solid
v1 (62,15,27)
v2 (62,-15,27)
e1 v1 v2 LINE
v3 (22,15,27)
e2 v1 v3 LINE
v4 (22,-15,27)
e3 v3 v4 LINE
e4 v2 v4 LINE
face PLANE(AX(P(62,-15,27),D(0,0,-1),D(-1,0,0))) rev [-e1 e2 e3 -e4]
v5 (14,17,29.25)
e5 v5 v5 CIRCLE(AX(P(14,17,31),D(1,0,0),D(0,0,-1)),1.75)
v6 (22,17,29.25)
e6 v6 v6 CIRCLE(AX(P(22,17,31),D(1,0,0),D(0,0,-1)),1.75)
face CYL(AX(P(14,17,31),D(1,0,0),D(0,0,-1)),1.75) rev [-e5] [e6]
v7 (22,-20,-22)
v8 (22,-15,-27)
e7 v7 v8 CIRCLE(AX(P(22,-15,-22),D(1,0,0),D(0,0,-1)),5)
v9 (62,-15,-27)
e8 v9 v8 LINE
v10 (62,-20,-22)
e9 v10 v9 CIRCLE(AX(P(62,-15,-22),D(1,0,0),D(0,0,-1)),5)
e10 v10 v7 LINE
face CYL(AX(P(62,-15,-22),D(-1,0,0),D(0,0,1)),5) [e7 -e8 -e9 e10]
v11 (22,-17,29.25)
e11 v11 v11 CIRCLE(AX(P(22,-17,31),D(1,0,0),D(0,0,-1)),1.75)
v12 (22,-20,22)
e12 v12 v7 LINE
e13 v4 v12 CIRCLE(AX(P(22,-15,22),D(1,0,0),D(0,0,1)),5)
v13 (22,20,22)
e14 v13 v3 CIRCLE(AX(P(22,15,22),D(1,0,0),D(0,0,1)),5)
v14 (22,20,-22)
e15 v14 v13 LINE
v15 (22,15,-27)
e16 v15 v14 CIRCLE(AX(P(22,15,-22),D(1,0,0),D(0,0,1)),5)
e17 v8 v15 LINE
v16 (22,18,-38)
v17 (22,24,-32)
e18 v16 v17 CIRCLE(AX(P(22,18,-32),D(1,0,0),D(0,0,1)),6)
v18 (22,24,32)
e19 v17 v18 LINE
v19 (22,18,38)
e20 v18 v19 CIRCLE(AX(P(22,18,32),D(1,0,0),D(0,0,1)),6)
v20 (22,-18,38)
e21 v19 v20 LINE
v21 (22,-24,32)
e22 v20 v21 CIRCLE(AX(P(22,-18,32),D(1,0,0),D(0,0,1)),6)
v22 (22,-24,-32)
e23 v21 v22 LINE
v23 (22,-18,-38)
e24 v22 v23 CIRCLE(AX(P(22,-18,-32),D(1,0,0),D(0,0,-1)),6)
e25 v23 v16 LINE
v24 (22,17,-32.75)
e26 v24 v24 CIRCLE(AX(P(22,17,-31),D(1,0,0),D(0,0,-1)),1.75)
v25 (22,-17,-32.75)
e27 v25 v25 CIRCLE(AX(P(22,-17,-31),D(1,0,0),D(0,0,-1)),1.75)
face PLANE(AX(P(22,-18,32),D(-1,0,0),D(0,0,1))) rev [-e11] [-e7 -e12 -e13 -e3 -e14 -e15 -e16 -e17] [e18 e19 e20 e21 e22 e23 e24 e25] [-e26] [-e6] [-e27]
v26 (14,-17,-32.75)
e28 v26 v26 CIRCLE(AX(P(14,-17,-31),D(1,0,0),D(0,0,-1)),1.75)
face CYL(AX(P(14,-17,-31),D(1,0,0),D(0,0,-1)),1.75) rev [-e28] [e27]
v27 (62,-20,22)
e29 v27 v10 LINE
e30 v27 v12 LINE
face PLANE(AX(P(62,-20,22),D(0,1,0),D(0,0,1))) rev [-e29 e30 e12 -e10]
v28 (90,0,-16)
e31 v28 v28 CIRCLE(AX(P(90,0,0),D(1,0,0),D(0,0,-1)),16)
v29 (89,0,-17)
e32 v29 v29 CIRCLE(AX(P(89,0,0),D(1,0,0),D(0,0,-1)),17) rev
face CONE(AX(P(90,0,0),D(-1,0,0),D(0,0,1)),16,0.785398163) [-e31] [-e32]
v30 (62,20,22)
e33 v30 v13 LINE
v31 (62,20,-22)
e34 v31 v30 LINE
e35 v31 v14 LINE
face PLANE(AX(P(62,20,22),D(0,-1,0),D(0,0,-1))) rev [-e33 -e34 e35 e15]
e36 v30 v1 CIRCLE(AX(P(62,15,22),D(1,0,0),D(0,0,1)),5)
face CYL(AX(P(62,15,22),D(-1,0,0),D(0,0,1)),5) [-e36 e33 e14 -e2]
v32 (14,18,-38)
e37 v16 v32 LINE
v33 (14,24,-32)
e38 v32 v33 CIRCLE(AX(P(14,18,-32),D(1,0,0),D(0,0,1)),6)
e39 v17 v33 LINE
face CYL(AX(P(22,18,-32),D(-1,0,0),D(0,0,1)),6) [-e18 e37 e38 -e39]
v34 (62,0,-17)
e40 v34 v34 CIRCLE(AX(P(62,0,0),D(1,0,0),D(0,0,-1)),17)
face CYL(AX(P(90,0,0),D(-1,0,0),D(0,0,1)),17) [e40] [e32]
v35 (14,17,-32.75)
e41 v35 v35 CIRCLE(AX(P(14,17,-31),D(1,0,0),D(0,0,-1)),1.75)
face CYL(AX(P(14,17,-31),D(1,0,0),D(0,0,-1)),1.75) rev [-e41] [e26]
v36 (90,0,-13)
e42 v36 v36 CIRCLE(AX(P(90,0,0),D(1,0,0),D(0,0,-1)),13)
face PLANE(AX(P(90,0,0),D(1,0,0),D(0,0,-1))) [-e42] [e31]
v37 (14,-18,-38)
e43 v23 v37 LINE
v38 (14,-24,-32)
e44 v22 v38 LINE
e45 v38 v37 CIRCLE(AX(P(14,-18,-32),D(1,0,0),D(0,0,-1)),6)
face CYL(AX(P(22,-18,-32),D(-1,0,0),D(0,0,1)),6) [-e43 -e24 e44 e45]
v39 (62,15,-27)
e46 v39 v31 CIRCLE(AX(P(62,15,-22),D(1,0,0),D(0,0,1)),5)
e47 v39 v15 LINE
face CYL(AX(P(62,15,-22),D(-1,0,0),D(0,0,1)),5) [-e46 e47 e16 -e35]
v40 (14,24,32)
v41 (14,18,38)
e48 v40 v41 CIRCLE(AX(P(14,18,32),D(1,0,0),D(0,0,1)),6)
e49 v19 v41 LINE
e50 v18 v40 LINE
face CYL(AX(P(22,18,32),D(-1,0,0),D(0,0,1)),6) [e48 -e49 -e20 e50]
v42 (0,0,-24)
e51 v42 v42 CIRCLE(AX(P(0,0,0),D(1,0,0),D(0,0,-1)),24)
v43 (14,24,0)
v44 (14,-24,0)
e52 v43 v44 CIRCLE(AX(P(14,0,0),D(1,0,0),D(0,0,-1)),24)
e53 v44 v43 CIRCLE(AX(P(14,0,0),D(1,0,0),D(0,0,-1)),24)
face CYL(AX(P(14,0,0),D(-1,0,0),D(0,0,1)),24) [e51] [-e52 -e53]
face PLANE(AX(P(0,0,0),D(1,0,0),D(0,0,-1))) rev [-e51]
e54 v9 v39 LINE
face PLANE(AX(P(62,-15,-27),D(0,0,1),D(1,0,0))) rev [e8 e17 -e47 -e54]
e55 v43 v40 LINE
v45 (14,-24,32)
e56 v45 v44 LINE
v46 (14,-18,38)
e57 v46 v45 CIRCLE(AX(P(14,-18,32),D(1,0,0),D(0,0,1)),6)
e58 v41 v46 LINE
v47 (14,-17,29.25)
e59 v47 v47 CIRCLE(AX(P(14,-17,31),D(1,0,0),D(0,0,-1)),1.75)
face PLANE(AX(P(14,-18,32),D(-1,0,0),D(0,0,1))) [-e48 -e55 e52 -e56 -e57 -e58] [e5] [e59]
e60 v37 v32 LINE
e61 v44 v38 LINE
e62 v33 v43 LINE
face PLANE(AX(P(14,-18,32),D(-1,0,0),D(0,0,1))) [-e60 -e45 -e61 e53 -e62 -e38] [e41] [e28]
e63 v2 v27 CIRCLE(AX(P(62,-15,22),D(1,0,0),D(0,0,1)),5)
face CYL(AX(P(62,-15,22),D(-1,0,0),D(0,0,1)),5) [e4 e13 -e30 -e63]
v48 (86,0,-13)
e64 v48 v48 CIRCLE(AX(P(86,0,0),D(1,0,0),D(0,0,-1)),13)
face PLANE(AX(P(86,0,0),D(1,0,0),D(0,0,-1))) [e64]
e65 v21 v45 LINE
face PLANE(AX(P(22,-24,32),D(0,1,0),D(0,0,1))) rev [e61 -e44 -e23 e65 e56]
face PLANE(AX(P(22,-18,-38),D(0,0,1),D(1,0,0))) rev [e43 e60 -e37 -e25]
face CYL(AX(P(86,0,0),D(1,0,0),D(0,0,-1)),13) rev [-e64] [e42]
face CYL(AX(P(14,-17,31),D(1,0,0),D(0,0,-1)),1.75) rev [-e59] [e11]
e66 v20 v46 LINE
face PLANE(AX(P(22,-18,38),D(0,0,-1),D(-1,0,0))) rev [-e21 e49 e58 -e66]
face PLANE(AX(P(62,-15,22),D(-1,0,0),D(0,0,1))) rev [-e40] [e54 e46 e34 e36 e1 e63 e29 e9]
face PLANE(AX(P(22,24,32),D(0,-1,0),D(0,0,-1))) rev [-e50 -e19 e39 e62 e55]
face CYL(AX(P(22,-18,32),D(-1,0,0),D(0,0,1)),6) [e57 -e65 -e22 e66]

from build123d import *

# Parameters (mm, degrees)
ESQUISSE1_R             = 24
BOSS_EXTRU_1_DEPTH      = 14
BOSS_EXTRU_2_DEPTH      = 8
ESQUISSE3_R             = 1.75
ENL_V_MAT_EXTRU_1_DEPTH = 8
BOSS_EXTRU_3_DEPTH      = 40
ESQUISSE5_R             = 17
BOSS_EXTRU_4_DEPTH      = 28
ESQUISSE6_R             = 13
ENL_V_MAT_EXTRU_2_DEPTH = 4
CHANFREIN1_SIZE         = 1


with BuildPart() as part:
    # Esquisse1 → Boss.-Extru.1 (new body)
    with BuildSketch(Plane(origin=(0, 0, 0), x_dir=(0, 0, -1), z_dir=(1, 0, 0))):
        Circle(ESQUISSE1_R)
    extrude(amount=BOSS_EXTRU_1_DEPTH)

    # Esquisse2 → Boss.-Extru.2 (add)
    with BuildSketch(Plane(origin=(14, 0, 0), x_dir=(0, 0, -1), z_dir=(1, 0, 0))):
        with BuildLine():
            Line((-32, -24), (32, -24))
            ThreePointArc((32, -24), (36.242640687, -22.242640687), (38, -18))
            Line((38, -18), (38, 18))
            ThreePointArc((38, 18), (36.242640687, 22.242640687), (32, 24))
            Line((32, 24), (-32, 24))
            ThreePointArc((-32, 24), (-36.242640687, 22.242640687), (-38, 18))
            Line((-38, 18), (-38, -18))
            ThreePointArc((-38, -18), (-36.242640687, -22.242640687), (-32, -24))
        make_face()
    extrude(amount=BOSS_EXTRU_2_DEPTH)

    # Esquisse3 → Enlèv. mat.-Extru.1 (cut)
    with BuildSketch(Plane(origin=(22, 0, 0), x_dir=(0, 0, -1), z_dir=(1, 0, 0))):
        with Locations((31, 17)):
            Circle(ESQUISSE3_R)
        with Locations((-31, 17)):
            Circle(ESQUISSE3_R)
        with Locations((-31, -17)):
            Circle(ESQUISSE3_R)
        with Locations((31, -17)):
            Circle(ESQUISSE3_R)
    extrude(amount=-ENL_V_MAT_EXTRU_1_DEPTH, mode=Mode.SUBTRACT)

    # Esquisse4 → Boss.-Extru.3 (add)
    with BuildSketch(Plane(origin=(22, 0, 0), x_dir=(0, 0, -1), z_dir=(1, 0, 0))):
        with BuildLine():
            Line((-22, -20), (22, -20))
            ThreePointArc((22, -20), (25.535533906, -18.535533906), (27, -15))
            Line((27, -15), (27, 15))
            ThreePointArc((27, 15), (25.535533906, 18.535533906), (22, 20))
            Line((22, 20), (-22, 20))
            ThreePointArc((-22, 20), (-25.535533906, 18.535533906), (-27, 15))
            Line((-27, 15), (-27, -15))
            ThreePointArc((-27, -15), (-25.535533906, -18.535533906), (-22, -20))
        make_face()
    extrude(amount=BOSS_EXTRU_3_DEPTH)

    # Esquisse5 → Boss.-Extru.4 (add)
    with BuildSketch(Plane(origin=(62, 0, 0), x_dir=(0, 0, -1), z_dir=(1, 0, 0))):
        Circle(ESQUISSE5_R)
    extrude(amount=BOSS_EXTRU_4_DEPTH)

    # Esquisse6 → Enlèv. mat.-Extru.2 (cut)
    with BuildSketch(Plane(origin=(90, 0, 0), x_dir=(0, 0, -1), z_dir=(1, 0, 0))):
        Circle(ESQUISSE6_R)
    extrude(amount=-ENL_V_MAT_EXTRU_2_DEPTH, mode=Mode.SUBTRACT)

    # Chanfrein1
    chanfrein1_edges = [part.edges().sort_by_distance(p)[0] for p in [
        (90, 0, 17),
    ]]
    chamfer(chanfrein1_edges, length=CHANFREIN1_SIZE)


solid = part.part
